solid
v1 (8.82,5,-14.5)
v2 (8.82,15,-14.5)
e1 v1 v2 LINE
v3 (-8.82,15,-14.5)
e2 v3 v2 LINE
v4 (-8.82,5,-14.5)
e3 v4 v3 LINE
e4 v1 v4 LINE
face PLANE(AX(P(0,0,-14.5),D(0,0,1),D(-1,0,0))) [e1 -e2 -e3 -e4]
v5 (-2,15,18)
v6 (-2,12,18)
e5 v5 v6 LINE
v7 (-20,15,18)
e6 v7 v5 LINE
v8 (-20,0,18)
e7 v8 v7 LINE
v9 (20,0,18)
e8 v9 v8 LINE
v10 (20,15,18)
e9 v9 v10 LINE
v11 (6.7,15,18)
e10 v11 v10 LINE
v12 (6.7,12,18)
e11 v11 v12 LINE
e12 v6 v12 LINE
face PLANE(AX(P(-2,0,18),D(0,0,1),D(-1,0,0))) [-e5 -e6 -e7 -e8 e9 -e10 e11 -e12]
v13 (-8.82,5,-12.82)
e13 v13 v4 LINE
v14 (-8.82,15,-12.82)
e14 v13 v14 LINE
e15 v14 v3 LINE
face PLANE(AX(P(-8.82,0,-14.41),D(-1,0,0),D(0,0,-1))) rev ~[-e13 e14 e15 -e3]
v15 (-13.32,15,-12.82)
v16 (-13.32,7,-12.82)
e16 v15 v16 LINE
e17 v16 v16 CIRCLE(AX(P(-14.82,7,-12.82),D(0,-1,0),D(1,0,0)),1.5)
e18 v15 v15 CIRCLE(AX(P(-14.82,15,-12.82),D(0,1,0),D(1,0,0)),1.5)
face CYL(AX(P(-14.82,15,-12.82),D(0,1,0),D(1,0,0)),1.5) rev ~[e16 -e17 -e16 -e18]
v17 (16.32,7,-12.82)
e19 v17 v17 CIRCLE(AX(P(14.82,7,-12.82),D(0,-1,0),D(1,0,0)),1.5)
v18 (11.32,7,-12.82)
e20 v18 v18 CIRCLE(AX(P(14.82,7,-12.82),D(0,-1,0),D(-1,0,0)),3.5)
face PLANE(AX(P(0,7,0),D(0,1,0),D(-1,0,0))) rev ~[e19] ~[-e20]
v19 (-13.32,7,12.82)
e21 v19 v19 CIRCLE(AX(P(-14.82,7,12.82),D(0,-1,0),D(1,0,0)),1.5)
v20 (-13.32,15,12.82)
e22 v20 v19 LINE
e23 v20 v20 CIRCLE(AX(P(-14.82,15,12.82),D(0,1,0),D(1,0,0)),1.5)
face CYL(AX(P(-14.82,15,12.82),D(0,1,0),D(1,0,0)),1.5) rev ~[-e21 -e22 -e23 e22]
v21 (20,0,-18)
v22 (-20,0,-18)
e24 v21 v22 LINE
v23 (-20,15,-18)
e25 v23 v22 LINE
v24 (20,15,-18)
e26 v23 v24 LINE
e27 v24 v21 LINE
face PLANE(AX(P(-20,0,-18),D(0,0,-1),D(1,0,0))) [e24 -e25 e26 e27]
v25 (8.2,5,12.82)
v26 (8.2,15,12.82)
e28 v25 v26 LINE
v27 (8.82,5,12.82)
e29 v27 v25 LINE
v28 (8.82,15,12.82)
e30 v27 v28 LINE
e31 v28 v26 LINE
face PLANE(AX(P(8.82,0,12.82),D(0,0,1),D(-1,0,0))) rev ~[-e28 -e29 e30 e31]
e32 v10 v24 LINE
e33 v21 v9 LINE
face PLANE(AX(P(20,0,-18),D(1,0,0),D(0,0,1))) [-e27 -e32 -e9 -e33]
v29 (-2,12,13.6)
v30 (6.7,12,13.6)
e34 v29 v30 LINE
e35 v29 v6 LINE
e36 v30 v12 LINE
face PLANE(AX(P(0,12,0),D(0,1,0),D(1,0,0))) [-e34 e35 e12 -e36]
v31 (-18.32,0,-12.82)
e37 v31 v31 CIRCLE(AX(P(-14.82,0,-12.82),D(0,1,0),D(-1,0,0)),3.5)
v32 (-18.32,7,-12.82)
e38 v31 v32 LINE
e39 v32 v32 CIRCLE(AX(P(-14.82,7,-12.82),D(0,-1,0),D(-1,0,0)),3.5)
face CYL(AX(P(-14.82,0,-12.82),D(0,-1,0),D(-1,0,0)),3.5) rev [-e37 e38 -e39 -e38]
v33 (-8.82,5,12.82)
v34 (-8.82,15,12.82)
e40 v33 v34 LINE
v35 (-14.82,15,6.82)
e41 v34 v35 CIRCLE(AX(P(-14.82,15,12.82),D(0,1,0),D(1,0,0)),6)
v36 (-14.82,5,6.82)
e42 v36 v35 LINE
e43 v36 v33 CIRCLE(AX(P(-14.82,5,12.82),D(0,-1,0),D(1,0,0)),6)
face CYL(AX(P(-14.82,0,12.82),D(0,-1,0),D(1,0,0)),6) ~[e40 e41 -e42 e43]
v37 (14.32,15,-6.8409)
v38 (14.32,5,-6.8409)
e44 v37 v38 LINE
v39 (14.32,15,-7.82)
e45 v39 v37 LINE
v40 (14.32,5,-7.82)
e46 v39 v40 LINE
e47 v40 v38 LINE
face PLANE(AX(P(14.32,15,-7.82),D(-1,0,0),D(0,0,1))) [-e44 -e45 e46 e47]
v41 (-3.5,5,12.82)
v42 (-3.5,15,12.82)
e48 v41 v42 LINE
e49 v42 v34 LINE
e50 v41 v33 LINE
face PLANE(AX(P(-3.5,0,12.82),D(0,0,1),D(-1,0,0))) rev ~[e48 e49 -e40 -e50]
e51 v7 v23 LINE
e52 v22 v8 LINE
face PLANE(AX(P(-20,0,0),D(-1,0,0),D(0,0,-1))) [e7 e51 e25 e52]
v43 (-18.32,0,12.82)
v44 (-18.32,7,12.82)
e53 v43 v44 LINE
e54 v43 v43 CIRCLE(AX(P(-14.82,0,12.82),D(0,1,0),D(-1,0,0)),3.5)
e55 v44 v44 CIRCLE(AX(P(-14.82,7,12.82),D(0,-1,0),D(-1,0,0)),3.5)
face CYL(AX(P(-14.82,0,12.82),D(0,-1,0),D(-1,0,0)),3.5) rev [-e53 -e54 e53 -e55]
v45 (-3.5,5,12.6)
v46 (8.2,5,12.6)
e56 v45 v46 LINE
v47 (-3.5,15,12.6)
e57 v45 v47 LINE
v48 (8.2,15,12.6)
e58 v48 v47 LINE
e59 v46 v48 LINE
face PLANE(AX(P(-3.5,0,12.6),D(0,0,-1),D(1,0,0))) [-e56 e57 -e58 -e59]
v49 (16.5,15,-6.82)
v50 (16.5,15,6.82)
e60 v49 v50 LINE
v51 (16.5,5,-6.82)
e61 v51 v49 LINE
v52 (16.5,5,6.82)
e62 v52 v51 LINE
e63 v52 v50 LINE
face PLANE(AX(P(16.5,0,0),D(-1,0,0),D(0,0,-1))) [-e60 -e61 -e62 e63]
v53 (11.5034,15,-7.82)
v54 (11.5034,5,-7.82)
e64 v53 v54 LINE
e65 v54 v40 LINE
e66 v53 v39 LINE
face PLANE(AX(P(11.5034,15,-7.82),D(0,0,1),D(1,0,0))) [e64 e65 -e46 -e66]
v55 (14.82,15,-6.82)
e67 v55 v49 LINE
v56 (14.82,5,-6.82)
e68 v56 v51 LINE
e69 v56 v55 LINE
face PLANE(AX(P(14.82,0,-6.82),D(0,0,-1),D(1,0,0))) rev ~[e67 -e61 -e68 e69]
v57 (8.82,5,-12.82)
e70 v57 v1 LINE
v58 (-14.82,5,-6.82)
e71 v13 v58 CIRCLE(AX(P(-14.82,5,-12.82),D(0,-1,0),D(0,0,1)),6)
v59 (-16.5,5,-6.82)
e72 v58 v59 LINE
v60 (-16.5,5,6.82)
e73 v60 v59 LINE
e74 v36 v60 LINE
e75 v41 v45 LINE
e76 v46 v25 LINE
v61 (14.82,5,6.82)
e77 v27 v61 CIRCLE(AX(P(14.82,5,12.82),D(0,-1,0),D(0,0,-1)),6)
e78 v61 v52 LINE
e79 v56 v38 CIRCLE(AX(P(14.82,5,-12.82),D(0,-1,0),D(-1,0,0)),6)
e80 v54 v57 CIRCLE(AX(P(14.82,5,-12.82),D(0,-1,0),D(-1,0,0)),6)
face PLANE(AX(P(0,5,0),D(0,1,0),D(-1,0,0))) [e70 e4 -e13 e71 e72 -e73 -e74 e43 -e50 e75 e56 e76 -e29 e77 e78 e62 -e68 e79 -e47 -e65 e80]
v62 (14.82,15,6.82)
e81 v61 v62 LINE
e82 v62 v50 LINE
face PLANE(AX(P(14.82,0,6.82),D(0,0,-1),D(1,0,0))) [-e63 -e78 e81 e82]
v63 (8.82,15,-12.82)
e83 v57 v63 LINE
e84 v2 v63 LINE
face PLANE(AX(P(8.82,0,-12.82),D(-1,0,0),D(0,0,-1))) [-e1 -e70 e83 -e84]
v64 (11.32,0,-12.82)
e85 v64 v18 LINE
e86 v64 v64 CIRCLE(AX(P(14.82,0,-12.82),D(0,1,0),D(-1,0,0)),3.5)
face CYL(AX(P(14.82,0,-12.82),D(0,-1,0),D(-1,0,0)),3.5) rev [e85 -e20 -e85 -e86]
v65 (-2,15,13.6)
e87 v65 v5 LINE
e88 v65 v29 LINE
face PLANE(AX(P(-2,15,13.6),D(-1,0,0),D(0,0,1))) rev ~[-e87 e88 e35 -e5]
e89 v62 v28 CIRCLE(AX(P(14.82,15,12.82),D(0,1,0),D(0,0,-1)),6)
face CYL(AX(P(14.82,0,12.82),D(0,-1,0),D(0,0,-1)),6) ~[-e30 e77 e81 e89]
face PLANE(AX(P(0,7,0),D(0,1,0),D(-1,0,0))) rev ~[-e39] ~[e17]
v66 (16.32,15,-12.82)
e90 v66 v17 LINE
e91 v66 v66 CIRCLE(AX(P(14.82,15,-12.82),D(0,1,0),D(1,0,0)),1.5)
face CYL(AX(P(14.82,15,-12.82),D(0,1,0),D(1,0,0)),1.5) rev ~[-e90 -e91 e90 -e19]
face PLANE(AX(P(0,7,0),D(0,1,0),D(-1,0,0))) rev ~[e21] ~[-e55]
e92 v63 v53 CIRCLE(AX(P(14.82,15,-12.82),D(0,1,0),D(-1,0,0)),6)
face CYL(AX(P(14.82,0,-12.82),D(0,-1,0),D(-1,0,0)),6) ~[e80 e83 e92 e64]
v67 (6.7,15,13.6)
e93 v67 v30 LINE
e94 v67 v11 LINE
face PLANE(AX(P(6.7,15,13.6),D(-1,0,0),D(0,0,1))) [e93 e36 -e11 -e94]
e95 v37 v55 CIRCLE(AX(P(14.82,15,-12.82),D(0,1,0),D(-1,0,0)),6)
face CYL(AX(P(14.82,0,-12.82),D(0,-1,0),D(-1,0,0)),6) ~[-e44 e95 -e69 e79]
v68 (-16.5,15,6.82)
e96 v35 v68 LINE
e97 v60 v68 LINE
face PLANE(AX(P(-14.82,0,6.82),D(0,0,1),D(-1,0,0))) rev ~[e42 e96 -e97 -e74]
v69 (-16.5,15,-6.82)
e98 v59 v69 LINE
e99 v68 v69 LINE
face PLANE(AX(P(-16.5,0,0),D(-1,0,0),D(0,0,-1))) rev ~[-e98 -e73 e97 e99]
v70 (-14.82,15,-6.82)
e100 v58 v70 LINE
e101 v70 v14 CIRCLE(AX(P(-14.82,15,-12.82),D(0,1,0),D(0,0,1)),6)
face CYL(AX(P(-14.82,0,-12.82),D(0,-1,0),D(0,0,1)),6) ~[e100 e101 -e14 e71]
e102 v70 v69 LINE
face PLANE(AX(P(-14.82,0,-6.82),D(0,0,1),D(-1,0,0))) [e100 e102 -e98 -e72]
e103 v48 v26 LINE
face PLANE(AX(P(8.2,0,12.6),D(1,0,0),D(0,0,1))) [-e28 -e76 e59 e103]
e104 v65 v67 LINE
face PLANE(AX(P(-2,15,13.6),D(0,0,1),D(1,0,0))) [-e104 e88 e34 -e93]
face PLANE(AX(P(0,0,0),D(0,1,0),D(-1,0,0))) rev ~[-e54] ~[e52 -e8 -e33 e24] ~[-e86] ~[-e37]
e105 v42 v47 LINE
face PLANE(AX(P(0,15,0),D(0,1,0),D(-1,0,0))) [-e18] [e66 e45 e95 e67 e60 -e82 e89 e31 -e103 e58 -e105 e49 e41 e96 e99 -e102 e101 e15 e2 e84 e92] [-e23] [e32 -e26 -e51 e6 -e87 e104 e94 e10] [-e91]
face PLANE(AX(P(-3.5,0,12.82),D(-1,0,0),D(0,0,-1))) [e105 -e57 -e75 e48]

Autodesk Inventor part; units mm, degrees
ref_plane "YZ Plane" through (0, 0, 0) normal (1, 0, 0) x (0, 1, 0)
ref_plane "XZ Plane" through (0, 0, 0) normal (0, 1, 0) x (-1, 0, 0)
ref_plane "XY Plane" through (0, 0, 0) normal (0, 0, 1) x (1, 0, 0)
sketch "Эскиз1" plane through (0, 0, 0) normal (0, 1, 0) x (-1, 0, 0)
  line L0 (18, -16) -> (-18, -16)
  line L1 (-18, -16) -> (-18, 16)
  line L2 (-18, 16) -> (18, 16)
  line L3 (18, 16) -> (18, -16)
  line L4 (0, -25.2) -> (0, 25.2) projected
  line L5 (28, 0) -> (-28, 0) projected
  line L6 (14.82, -12.82) -> (-14.82, -12.82)
  line L7 (-14.82, -12.82) -> (-14.82, 12.82)
  line L8 (-14.82, 12.82) -> (14.82, 12.82)
  line L9 (14.82, 12.82) -> (14.82, -12.82)
  circle A0 centre (14.82, -12.82) radius 1.5
  circle A1 centre (14.82, 12.82) radius 1.5
  circle A2 centre (-14.82, 12.82) radius 1.5
  circle A3 centre (-14.82, -12.82) radius 1.5
  arc A4 (14.82, -6.82) -> (8.82, -12.82) centre (14.82, -12.82) ccw
  arc A5 (-8.82, -12.82) -> (-14.82, -6.82) centre (-14.82, -12.82) ccw
  arc A6 (8.82, 12.82) -> (14.82, 6.82) centre (14.82, 12.82) ccw
  arc A7 (-14.82, 6.82) -> (-8.82, 12.82) centre (-14.82, 12.82) ccw
  line L10 (20, -18) -> (-20, -18)
  line L11 (-20, -18) -> (-20, 18)
  line L12 (-20, 18) -> (20, 18)
  line L13 (20, 18) -> (20, -18)
  line L14 (-8.82, -12.82) -> (-8.82, -16)
  line L15 (8.82, -12.82) -> (8.82, -16)
  line L16 (14.82, -6.82) -> (18, -6.82)
  line L17 (14.82, 6.82) -> (18, 6.82)
  line L18 (8.82, 12.82) -> (8.82, 16)
  line L19 (-14.82, -6.82) -> (-20, -6.82)
  line L20 (-14.82, 6.82) -> (-20, 6.82)
  line L21 (-8.82, 12.82) -> (-8.82, 18)
  line L22 (-18, -6.82) -> (-18, 6.82)
  line L23 (8.82, 16) -> (-8.82, 16)
  line L24 (2, 13.6) -> (-6.7, 13.6)
  line L25 (-6.7, 13.6) -> (-6.7, 18)
  line L26 (3.5, 16) -> (3.5, 12.6)
  line L27 (3.5, 12.6) -> (-8.2, 12.6)
  line L28 (-8.2, 12.6) -> (-8.2, 16)
  line L29 (2, 13.6) -> (2, 18)
  circle A8 centre (-14.82, -12.82) radius 3.5
  circle A9 centre (14.82, -12.82) radius 3.5
  circle A10 centre (14.82, 12.82) radius 3.5
  circle A11 centre (-14.82, 12.82) radius 4
  line L30 (18, 6.82) -> (16.5, 6.82)
  line L31 (16.5, 6.82) -> (16.5, -6.82)
  line L32 (16.5, -6.82) -> (18, -6.82)
  line L33 (18, -6.82) -> (18, 6.82)
  line L34 (8.82, 16) -> (3.5, 16)
  line L35 (3.5, 16) -> (3.5, 14.5)
  line L36 (3.5, 14.5) -> (8.82, 14.5)
  line L37 (8.82, 14.5) -> (8.82, 16)
  line L38 (-8.2, 16) -> (-8.82, 16)
  line L39 (-8.82, 16) -> (-8.82, 14.5)
  line L40 (-8.82, 14.5) -> (-8.2, 14.5)
  line L41 (-8.2, 14.5) -> (-8.2, 16)
  line L42 (-18, 6.82) -> (-16.5, 6.82)
  line L43 (-16.5, 6.82) -> (-16.5, -6.82)
  line L44 (-16.5, -6.82) -> (-18, -6.82)
  line L45 (-18, -6.82) -> (-18, 6.82)
  line L46 (8.82, -16) -> (-8.82, -16)
  line L47 (-8.82, -16) -> (-8.82, -14.41)
  line L48 (8.82, -14.41) -> (8.82, -16)
  line L49 (8.82, -16) -> (-8.82, -16)
  line L50 (-8.82, -16) -> (-8.82, -14.5)
  line L51 (-8.82, -14.5) -> (8.82, -14.5)
  line L52 (8.82, -14.5) -> (8.82, -16)
  line L53 (-11.5034, -7.82) -> (-14.32, -7.82)
  line L54 (-14.32, -7.82) -> (-14.32, -6.8409)
  point P0 (0, 0)
  point P1 (-13.034, 10.913)
  dimension "d0" = 36
  dimension "d1" = 32
  dimension "d2" = 3.18
  dimension "d3" = 3.18
  dimension "d4" = 3.18
  dimension "d5" = 3.18
  dimension "d6" = 3
  dimension "d7" = 3
  dimension "d8" = 3
  dimension "d9" = 3
  dimension "d10" = 12
  dimension "d11" = 12
  dimension "d12" = 12
  dimension "d13" = 12
  dimension "d22" = 4.966
  dimension "d23" = 5.087
  dimension "d26" = 2
  dimension "d27" = 2
  dimension "d28" = 2
  dimension "d29" = 2
  dimension "d40" = 11.3
  dimension "d41" = 2.4
  dimension "d43" = 1
  dimension "d44" = 1.5
  dimension "d45" = 1.5
  dimension "d46" = 16
  dimension "d49" = 7
  dimension "d50" = 7
  dimension "d51" = 7
  dimension "d52" = 8
  dimension "d63" = 1.5
  dimension "d64" = 1.5
  dimension "d65" = 1.5
  dimension "d66" = 1.5
  dimension "d67" = 1.5
  dimension "d68" = 0.5
  dimension "d69" = 5
extrude "Выдавливание1" add sketch "Эскиз1" along normal blind 15 contours L3 A9 L5 L13 L10 L4 L0 | L0 A9 L3 | A9 L0 | L0 A9 L6 A0 L9 L3 | L3 A9 | L0 L15 L6 A9 | A9 L9 L16 L3 | L0 L4 L51 L15 | A9 L9 A0 L6 | L6 A4 L9 A9 | L16 L31 L5 L3 | L4 L10 L11 L19 L1 A8 L0 | L0 L14 L51 L4 | A0 L9 L6 | L6 L9 A0 | L5 L31 L17 L3 | L3 A10 L2 L29 L12 L13 L5 | L0 A8 L6 L14 | L17 L9 A10 L3 | A8 L0 | L0 A8 L1 L7 A3 L6 | L6 A8 L7 A5 L54 L53 | A10 L9 A1 L8 L2 L3 | L3 A10 | A6 L8 A10 L9 | L0 L1 A8 | L6 A3 L7 A8 | L11 L5 L1 L19 | L27 L28 L8 L4 | L4 L8 L26 L27 | L53 L54 A5 | A10 L2 L3 | A10 L8 A1 L9 | L29 L2 L4 L12 | L18 L2 A10 L8 | L8 L26 L36 L18 | A8 L1 | A3 L7 L6 | L6 L7 A3 | A8 L1 L19 L7 | L11 L20 L1 L5 | L1 L5 L43 L19 | L8 L28 L2 L25 L24 L4 | L4 L24 L29 L2 L26 L8 | L5 L1 L20 L43 | L20 L1 A11 L7 | L7 A11 L8 A7 | L2 A10 | A1 L8 L9 | L9 L8 A1 | L4 L2 L25 L12 | L29 L24 L4 L2 | L36 L26 L2 L18 | L11 L12 L21 L2 A11 L1 L20 | L24 L25 L2 L4 | L8 L21 L40 L28 | A11 L1 L2 L8 A2 L7 | L7 A2 L8 A11 | L8 A11 L2 L21 | L25 L2 L21 L12 | L40 L21 L2 L28 | A2 L8 L7 | L7 L8 A2 | A11 L1 | L1 L2 A11 | L2 A11
extrude "Выдавливание2" add sketch "Эскиз1" along normal blind 5
sketch "Эскиз2" plane through (0, 15, 0) normal (0, 1, 0) x (1, 0, 0)
  circle A0 centre (-14.82, -12.82) radius 1.5 projected
  circle A1 centre (14.82, -12.82) radius 1.5 projected
  circle A2 centre (14.82, 12.82) radius 1.5 projected
  circle A3 centre (-14.82, 12.82) radius 1.5 projected
  point P0 (0, 0)
extrude "Выдавливание3" cut sketch "Эскиз2" against normal up to next contours A0 | A2 | A3
extrude "Выдавливание5" cut sketch "Эскиз1" along normal blind 7 contours A9 L0 | L0 A9 L6 A0 L9 L3 | L3 A9 | A9 L9 A0 L6 | A8 L0 | L0 A8 L1 L7 A3 L6 | A10 L9 A1 L8 L2 L3 | L3 A10 | L6 A3 L7 A8 | A10 L8 A1 L9 | A8 L1 | L2 A10
sketch "Эскиз3" plane through (0, 15, 0) normal (0, 1, 0) x (1, 0, 0)
  line L0 (-20, -18) -> (20, -18) projected
  line L1 (-2, -13.6) -> (-2, -18) projected
  line L2 (-2, -13.6) -> (6.7, -13.6) projected
  line L3 (6.7, -13.6) -> (6.7, -18) projected
  point P0 (0, 0)
extrude "Выдавливание6" cut sketch "Эскиз3" against normal blind 3
sketch "Эскиз4" plane through (0, 15, 0) normal (0, 1, 0) x (1, 0, 0)
  line L0 (11.5034, 7.82) -> (14.32, 7.82) projected
  line L1 (14.32, 7.82) -> (14.32, 6.8409) projected
  arc A0 (8.82, 12.82) -> (14.82, 6.82) centre (14.82, 12.82) ccw projected
  point P0 (0, 0)
extrude "Выдавливание7" cut sketch "Эскиз4" against normal up to surface (10 mm away)
properties part number "case_top" material "Polycarbonate, Clear"
